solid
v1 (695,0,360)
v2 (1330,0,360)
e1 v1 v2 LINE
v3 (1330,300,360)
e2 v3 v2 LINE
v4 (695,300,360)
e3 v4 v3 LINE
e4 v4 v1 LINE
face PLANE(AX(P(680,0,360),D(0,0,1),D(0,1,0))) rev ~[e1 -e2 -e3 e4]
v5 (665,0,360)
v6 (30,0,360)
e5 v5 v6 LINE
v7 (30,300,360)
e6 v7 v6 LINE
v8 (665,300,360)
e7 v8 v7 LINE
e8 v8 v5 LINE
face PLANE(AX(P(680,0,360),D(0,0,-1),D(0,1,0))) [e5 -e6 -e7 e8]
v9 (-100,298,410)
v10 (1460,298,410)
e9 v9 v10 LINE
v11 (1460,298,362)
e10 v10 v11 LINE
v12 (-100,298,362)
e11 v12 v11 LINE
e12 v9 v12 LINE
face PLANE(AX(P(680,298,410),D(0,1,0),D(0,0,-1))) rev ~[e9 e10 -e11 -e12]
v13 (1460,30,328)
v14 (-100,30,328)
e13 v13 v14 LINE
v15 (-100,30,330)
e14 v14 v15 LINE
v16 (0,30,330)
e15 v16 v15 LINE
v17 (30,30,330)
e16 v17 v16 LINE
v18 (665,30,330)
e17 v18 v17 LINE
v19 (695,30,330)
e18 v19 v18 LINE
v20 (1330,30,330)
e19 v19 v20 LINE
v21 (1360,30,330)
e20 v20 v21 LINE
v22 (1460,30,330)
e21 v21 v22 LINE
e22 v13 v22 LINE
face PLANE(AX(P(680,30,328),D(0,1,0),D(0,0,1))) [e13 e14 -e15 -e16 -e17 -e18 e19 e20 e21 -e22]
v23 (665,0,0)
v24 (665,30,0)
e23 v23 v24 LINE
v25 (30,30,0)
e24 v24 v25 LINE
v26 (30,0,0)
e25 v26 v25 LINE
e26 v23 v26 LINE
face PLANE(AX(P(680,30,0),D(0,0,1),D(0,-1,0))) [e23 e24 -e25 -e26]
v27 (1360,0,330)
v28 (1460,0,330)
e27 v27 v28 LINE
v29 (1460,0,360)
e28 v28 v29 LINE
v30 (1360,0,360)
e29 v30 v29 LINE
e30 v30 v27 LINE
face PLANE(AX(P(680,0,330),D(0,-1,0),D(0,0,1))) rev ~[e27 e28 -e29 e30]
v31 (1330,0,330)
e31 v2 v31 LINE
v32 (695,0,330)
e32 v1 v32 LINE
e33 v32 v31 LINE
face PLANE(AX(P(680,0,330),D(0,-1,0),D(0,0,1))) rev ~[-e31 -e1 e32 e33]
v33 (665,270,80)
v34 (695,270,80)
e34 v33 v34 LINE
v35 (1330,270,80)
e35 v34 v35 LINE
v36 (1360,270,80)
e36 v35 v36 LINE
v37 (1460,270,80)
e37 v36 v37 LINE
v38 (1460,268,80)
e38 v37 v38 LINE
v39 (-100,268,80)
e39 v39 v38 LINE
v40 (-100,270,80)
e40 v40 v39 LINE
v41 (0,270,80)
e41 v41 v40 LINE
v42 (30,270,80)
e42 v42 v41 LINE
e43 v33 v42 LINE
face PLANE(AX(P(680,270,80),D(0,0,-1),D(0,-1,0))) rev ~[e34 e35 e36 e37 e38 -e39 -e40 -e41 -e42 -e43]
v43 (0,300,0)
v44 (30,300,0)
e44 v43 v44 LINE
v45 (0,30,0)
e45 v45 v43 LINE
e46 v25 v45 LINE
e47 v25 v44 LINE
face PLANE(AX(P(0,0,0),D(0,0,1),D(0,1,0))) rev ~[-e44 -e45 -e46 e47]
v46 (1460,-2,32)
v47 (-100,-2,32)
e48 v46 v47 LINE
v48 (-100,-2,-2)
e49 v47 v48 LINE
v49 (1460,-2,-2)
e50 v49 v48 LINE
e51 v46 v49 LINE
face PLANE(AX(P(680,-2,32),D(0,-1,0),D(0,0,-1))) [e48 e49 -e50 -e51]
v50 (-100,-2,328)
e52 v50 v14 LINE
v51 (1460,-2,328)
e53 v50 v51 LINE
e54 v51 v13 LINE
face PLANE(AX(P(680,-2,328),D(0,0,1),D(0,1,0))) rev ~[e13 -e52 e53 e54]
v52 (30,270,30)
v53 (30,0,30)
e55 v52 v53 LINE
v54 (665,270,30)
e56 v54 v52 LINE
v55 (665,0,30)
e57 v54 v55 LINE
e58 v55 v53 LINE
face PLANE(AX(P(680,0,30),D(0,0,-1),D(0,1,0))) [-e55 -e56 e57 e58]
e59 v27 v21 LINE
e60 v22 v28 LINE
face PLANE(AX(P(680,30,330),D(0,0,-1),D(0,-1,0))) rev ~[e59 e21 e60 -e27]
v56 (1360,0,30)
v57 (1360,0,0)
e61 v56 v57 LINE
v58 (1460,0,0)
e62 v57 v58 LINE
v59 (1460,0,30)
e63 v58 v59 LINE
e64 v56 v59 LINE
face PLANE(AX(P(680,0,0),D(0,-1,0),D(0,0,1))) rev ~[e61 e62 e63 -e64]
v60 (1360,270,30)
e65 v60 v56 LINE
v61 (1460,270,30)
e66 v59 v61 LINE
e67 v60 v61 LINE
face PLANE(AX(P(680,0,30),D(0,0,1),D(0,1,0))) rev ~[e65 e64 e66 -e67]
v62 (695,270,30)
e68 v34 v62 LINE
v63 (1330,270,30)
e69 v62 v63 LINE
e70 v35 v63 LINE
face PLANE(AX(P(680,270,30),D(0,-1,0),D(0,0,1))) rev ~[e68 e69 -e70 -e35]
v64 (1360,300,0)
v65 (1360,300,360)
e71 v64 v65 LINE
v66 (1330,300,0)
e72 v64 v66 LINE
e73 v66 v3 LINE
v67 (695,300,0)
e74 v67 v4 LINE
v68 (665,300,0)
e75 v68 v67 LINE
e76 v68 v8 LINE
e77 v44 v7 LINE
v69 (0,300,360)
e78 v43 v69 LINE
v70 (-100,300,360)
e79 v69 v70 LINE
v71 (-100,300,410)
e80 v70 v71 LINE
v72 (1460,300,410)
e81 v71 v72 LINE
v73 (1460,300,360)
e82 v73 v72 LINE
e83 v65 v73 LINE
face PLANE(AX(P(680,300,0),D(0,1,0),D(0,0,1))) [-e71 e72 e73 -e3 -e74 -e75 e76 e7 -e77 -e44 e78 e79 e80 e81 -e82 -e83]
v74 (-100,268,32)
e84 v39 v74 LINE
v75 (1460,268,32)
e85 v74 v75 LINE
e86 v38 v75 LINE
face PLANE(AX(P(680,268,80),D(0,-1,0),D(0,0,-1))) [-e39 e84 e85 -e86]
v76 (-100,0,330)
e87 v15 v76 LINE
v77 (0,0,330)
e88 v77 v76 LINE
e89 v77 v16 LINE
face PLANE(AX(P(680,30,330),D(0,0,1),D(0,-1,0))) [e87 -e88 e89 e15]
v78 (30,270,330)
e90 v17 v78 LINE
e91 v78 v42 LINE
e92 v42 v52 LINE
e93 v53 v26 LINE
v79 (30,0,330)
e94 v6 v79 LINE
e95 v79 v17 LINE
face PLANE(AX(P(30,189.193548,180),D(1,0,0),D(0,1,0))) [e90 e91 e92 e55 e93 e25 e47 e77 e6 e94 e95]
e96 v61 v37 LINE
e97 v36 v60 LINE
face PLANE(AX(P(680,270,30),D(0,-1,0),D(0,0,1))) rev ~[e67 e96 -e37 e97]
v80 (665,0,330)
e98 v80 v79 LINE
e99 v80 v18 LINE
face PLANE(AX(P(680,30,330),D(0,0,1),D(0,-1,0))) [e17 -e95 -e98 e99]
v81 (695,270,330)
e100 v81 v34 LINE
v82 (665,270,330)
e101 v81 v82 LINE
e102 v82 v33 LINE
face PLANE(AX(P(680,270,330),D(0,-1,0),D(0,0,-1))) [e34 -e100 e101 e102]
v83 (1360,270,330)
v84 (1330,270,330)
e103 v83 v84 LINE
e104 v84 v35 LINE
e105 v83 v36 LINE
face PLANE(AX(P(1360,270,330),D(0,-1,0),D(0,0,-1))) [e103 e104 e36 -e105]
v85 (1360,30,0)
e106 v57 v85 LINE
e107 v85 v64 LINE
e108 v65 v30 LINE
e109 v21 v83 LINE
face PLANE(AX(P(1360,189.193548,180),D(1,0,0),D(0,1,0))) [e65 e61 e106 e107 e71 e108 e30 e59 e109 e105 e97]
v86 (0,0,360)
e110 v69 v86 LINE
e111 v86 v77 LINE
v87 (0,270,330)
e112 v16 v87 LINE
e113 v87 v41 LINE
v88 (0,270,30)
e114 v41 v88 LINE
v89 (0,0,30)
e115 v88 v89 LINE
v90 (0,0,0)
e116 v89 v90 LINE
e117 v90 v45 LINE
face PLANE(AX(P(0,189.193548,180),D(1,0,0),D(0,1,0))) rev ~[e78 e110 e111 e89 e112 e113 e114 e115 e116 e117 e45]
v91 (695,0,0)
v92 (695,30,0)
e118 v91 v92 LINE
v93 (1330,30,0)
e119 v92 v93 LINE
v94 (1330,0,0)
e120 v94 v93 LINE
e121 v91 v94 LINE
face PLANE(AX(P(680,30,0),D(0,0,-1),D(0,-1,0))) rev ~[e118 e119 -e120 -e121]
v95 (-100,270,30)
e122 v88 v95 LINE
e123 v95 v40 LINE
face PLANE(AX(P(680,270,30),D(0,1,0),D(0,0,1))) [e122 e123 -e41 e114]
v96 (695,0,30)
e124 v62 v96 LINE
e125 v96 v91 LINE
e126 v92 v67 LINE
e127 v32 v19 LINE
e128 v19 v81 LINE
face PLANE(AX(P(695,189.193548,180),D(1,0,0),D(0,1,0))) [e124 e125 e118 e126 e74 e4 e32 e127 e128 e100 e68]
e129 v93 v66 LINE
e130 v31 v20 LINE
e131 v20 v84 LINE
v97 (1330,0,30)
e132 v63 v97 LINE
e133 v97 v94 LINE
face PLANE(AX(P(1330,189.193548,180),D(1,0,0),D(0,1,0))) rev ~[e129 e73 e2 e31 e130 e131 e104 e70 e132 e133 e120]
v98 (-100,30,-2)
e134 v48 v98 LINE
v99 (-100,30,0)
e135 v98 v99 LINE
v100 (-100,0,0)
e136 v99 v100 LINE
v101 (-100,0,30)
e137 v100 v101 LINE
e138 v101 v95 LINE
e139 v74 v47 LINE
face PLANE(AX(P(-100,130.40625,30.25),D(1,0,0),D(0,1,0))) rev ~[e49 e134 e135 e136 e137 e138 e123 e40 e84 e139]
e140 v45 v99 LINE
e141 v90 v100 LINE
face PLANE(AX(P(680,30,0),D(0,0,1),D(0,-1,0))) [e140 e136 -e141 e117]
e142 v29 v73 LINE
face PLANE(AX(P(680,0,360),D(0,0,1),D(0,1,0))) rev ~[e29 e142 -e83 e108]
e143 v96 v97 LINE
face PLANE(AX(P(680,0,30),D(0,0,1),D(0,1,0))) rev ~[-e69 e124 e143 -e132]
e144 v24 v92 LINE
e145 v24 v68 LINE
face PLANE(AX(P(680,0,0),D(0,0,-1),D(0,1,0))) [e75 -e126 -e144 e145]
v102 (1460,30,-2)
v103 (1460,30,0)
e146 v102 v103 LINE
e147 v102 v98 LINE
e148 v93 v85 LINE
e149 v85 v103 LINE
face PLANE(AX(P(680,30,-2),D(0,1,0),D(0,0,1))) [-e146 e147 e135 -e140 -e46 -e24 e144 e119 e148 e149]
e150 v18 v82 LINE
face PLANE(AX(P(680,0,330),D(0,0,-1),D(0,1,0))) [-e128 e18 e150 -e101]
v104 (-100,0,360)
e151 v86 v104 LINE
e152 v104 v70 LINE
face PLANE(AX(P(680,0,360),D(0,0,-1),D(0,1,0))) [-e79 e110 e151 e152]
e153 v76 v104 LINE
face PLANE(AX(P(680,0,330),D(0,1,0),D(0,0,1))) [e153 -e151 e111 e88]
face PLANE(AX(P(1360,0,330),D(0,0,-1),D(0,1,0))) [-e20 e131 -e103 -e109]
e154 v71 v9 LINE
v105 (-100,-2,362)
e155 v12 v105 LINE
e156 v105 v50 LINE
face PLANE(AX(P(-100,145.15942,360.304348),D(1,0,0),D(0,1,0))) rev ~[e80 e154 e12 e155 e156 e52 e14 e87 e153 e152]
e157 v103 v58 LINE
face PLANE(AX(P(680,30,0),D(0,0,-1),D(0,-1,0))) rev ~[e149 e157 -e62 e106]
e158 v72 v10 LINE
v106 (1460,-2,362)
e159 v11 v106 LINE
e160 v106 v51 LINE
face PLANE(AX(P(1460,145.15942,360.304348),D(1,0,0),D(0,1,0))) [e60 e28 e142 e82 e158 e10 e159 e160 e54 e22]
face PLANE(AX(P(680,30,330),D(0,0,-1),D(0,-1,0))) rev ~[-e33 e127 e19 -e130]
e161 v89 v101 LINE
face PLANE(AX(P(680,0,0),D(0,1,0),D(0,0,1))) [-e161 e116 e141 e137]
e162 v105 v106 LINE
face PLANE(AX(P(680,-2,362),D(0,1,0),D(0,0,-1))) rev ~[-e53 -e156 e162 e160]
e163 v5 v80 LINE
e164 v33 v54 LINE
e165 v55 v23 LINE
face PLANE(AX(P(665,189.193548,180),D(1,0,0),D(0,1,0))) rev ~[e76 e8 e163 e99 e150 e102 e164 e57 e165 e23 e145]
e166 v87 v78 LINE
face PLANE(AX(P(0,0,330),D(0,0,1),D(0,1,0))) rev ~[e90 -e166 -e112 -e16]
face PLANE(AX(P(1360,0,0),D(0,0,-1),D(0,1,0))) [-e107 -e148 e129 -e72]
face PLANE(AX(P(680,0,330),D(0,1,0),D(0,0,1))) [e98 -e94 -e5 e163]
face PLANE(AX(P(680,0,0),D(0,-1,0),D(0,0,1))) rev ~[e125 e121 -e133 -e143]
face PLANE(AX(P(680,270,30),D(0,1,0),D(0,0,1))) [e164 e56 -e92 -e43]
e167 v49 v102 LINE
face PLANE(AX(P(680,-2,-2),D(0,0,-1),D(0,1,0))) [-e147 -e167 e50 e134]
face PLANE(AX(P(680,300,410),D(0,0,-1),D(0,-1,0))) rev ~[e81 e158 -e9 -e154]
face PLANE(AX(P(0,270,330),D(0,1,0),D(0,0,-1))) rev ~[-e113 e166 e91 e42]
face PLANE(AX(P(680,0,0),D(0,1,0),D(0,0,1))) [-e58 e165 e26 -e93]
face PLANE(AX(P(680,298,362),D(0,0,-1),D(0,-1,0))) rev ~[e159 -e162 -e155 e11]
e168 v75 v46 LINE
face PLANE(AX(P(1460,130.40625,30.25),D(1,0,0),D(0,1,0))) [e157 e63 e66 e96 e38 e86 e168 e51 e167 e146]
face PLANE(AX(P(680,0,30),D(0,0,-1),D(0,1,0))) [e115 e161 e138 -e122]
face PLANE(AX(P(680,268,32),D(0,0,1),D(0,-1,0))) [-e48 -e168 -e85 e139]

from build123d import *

# Parameters (mm, degrees)
F1_DEPTH      = 30
F5_DEPTH      = 30
F7_DEPTH      = 15
F7_DEPTH_BACK = 15
F9_DEPTH      = 780
F9_DEPTH_BACK = 780


with BuildPart() as f1:
    # F0 (on Right) → F1 (new body)
    with BuildSketch(Plane.YZ):
        Polygon((0, 30), (0, 0), (300, 0), (300, 360), (0, 360), (0, 330), (270, 330), (270, 30), align=None)
    extrude(amount=F1_DEPTH)



with BuildPart() as f5:
    # F4 (on offset) → F5 (new body)
    with BuildSketch(Plane.YZ.offset(1360)):
        Polygon((0, 30), (0, 0), (300, 0), (300, 360), (0, 360), (0, 330), (270, 330), (270, 30), align=None)
    extrude(amount=-F5_DEPTH)


with BuildPart() as f7:
    # F6 (on mid) → F7 (new body, two sides)
    with BuildSketch(Plane.YZ.offset(680)) as f7_sk:
        Polygon((0, 30), (0, 0), (300, 0), (300, 360), (0, 360), (0, 330), (270, 330), (270, 30), align=None)
    extrude(amount=F7_DEPTH)
    extrude(f7_sk.sketch, amount=-F7_DEPTH_BACK)


with BuildPart() as f1_1:
    add(f1.part)

    add(f5.part)  # F9 merges F5

    add(f7.part)  # F9 merges F7
    # F8 (on mid) → F9 (join, two sides)
    with BuildSketch(Plane.YZ.offset(680)) as f9_sk:
        Polygon((30, 0), (0, 0), (0, 30), (270, 30), (270, 80), (268, 80), (268, 32), (-2, 32), (-2, -2), (30, -2), align=None)
        Polygon((30, 330), (0, 330), (0, 360), (300, 360), (300, 410), (298, 410), (298, 362), (-2, 362), (-2, 328), (30, 328), align=None)
    extrude(amount=F9_DEPTH)
    extrude(f9_sk.sketch, amount=-F9_DEPTH_BACK)


solid = f1_1.part
